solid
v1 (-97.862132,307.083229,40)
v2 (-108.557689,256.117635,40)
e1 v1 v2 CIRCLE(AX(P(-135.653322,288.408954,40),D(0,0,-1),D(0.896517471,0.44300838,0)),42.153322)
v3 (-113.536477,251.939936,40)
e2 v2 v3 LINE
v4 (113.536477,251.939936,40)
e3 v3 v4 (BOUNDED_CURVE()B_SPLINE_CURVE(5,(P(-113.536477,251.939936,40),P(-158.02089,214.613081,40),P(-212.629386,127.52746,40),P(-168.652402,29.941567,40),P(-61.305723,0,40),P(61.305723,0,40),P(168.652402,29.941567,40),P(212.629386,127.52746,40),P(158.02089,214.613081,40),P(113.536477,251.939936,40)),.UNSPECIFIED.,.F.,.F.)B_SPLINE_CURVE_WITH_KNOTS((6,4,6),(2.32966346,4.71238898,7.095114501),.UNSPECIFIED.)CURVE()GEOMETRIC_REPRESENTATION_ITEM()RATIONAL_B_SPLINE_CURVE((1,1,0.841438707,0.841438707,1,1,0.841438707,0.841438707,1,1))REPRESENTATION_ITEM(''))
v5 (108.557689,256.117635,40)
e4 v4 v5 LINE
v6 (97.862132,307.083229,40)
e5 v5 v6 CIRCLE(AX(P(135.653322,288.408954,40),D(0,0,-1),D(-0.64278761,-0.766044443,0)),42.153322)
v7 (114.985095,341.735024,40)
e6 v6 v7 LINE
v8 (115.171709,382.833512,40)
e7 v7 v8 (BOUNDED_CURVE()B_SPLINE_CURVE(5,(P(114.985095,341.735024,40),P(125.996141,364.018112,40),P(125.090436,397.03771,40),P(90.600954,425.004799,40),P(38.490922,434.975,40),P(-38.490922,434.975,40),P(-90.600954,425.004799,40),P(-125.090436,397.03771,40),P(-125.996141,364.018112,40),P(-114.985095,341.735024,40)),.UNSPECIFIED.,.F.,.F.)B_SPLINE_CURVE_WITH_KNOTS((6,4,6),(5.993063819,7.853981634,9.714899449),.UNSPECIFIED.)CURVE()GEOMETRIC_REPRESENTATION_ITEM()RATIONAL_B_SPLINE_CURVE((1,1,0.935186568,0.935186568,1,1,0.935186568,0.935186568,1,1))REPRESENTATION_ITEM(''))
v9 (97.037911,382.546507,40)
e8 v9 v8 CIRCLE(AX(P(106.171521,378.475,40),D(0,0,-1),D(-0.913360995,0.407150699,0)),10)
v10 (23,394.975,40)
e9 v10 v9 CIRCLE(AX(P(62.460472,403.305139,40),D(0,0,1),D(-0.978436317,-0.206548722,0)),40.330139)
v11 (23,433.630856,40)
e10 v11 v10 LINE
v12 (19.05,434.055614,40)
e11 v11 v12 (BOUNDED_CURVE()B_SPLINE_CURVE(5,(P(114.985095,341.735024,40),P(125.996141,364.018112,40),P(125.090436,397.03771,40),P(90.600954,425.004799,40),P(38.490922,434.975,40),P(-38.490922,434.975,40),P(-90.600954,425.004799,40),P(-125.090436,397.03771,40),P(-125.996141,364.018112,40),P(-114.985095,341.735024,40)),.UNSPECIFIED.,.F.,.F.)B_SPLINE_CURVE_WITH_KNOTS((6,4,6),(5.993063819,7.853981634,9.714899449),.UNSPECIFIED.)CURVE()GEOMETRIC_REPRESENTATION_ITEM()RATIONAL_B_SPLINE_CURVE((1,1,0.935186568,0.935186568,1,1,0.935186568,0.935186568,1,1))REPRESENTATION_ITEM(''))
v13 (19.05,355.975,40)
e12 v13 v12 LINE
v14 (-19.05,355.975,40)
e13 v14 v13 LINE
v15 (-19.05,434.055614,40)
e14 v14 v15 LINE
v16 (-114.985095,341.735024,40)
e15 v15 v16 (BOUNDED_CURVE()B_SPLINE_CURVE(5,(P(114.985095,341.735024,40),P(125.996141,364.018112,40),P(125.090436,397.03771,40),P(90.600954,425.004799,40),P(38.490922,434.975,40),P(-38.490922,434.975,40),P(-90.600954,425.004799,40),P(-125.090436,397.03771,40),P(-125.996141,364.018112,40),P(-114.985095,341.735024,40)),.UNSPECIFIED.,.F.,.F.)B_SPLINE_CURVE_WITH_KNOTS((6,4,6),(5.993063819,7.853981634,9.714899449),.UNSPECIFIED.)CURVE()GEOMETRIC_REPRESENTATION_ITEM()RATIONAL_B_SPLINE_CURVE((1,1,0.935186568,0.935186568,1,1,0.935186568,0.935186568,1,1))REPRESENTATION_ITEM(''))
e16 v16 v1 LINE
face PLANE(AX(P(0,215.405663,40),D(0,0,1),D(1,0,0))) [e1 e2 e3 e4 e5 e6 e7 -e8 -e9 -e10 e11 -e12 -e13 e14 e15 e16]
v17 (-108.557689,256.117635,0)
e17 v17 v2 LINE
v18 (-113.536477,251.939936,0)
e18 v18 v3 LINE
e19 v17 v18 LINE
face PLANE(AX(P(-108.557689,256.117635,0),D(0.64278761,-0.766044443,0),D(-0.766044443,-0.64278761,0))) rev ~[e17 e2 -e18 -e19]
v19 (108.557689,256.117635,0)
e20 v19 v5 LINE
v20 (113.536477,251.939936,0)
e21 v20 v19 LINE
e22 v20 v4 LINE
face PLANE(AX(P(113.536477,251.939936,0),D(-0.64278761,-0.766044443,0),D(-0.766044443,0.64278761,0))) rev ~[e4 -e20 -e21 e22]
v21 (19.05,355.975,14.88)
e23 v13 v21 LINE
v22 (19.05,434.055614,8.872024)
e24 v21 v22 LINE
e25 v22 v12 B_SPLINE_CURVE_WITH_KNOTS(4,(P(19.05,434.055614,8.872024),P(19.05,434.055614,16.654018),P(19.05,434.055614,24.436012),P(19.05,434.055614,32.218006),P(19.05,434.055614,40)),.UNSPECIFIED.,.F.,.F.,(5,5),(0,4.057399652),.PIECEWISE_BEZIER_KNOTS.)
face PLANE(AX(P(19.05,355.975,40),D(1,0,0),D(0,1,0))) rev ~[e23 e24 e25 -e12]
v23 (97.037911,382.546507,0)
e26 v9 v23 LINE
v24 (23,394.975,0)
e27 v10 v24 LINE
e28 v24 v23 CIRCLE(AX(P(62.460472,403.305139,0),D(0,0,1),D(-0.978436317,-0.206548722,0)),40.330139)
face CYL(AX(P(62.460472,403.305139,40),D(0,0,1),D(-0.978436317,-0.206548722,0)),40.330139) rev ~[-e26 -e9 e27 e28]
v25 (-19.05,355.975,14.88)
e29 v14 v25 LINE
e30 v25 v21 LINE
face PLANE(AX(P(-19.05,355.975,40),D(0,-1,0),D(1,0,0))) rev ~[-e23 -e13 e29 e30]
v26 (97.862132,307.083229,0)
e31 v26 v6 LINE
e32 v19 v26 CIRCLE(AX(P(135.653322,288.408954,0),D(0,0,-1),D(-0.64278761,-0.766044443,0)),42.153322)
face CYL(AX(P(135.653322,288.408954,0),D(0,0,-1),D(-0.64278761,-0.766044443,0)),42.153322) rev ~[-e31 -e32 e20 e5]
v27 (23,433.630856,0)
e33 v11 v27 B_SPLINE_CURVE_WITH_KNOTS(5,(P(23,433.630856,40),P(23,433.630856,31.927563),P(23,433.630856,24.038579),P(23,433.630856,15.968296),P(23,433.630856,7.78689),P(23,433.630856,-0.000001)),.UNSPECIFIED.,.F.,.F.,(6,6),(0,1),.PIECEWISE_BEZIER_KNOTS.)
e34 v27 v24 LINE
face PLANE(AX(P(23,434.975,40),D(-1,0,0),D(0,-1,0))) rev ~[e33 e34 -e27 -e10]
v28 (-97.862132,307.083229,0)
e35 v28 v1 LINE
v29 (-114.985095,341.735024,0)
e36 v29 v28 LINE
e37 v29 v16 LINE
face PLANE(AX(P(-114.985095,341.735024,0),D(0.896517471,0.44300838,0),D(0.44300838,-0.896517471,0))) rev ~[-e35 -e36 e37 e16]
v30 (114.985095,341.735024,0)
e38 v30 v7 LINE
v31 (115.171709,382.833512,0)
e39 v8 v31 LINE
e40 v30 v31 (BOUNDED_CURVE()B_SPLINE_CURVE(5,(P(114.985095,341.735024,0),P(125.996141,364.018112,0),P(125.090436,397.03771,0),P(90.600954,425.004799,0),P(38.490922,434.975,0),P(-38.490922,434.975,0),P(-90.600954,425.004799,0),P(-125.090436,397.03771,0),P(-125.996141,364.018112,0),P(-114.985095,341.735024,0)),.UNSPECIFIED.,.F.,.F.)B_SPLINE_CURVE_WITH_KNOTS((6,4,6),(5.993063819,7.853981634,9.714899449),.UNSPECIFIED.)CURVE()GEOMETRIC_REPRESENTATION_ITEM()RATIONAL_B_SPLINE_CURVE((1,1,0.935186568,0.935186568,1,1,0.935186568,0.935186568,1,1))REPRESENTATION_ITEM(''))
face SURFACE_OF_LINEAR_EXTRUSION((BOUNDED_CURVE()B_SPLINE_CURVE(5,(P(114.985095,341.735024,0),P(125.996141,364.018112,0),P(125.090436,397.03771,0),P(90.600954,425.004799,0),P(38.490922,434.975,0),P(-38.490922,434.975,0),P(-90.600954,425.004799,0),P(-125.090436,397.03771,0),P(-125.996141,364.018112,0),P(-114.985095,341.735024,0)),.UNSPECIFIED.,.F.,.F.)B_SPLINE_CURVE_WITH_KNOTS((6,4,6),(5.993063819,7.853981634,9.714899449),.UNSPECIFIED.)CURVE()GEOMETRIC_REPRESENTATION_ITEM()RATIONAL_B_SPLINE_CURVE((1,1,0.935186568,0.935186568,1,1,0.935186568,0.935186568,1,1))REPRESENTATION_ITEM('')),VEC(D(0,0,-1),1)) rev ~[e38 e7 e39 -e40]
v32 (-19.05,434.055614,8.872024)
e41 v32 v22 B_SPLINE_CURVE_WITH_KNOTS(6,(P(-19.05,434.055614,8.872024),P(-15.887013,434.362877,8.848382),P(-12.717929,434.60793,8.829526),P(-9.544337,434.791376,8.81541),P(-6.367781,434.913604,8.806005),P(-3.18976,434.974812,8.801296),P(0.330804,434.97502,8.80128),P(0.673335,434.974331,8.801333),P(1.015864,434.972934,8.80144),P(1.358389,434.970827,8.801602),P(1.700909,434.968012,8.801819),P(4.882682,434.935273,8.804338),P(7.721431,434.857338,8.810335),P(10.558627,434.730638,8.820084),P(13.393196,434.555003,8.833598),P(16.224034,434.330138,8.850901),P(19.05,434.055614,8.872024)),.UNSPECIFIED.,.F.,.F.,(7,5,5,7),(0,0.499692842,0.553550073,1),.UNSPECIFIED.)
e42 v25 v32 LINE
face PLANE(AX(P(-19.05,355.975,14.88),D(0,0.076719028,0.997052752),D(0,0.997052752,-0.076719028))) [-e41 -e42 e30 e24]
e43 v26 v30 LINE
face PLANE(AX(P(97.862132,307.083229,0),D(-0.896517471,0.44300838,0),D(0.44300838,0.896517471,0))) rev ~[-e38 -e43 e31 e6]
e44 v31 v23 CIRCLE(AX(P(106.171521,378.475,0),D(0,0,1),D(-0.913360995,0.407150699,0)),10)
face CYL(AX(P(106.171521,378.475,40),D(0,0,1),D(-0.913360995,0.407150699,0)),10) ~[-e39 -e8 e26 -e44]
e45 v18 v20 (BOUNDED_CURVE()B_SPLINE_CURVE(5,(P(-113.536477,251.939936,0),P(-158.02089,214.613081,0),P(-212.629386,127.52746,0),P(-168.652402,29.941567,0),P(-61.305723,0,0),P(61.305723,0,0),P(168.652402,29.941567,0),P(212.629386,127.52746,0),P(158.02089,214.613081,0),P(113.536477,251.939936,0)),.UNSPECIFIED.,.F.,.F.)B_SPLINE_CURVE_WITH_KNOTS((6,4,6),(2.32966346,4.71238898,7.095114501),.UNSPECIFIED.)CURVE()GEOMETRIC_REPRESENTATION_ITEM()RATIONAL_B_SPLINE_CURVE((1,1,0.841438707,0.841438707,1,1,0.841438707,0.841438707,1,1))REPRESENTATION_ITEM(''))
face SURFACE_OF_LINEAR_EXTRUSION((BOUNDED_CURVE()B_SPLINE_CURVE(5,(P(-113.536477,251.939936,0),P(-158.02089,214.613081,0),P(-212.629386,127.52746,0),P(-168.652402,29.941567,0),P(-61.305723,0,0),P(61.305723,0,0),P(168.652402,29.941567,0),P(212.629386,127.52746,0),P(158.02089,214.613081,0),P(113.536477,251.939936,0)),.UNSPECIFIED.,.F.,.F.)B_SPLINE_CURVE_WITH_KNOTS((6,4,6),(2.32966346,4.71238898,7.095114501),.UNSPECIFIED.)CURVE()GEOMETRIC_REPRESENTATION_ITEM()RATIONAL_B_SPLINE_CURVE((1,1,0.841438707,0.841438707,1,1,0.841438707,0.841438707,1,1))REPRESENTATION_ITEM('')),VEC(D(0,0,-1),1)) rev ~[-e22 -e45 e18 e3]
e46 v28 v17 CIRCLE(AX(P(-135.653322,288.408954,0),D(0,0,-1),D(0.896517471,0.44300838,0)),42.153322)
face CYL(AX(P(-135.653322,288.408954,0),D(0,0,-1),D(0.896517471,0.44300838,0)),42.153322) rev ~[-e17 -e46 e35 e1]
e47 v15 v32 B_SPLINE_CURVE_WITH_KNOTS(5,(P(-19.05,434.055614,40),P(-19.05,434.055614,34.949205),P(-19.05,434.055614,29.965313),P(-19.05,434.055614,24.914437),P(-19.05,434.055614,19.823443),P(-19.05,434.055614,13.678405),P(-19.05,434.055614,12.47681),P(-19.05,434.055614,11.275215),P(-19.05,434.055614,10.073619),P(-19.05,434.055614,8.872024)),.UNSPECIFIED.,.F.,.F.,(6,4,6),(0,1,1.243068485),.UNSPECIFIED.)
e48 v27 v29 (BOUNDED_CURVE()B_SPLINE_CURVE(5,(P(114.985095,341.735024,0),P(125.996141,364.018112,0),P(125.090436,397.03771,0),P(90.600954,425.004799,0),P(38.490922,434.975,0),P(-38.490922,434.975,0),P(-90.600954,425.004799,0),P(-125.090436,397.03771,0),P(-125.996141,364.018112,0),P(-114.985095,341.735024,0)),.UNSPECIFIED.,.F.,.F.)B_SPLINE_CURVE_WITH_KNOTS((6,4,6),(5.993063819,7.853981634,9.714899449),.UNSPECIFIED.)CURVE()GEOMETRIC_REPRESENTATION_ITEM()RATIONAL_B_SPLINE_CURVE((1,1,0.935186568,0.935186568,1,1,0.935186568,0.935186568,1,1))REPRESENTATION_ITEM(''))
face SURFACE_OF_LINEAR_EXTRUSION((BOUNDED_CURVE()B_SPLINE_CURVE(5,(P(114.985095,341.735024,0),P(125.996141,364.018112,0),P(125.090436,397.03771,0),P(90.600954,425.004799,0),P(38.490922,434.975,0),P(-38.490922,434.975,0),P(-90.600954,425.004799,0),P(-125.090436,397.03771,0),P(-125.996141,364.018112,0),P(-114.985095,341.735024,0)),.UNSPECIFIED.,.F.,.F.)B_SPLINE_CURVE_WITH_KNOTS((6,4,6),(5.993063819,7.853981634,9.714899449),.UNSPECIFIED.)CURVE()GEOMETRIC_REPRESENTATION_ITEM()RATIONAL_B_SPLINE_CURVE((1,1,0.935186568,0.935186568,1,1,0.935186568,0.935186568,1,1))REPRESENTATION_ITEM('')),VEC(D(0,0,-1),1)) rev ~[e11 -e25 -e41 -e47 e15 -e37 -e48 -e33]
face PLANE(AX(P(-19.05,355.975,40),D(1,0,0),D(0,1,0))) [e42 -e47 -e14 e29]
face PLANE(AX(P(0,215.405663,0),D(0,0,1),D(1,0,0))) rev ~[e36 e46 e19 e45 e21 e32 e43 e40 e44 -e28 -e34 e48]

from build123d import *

# Parameters (mm, degrees)
F1_DEPTH = 40
F3_DEPTH = 40.0010001
F4_W     = 38.1
F4_H     = 158
F6_DEPTH = 25.12
F5_DEPTH = 38.1


with BuildPart() as f1:
    # F0 (on Top) → F1 (new body)
    with BuildSketch(Plane.XY):
        with BuildLine():
            Line((-108.5576890767, 256.1176353494), (-113.5364770265, 251.939936217))
            add(Edge.make_bspline(
                [(-113.5364770265, 251.939936217), (-413.7868011311, 0), (0, 0)],
                knots=[2.3296634603, 2.3296634603, 2.3296634603, 4.7123889804, 4.7123889804, 4.7123889804], degree=2, weights=[1, 0.3703943834, 1]))
            add(Edge.make_bspline(
                [(0, 0), (413.7868011311, 0), (113.5364770265, 251.939936217)],
                knots=[4.7123889804, 4.7123889804, 4.7123889804, 7.0951145005, 7.0951145005, 7.0951145005], degree=2, weights=[1, 0.3703943834, 1]))
            Line((113.5364770265, 251.939936217), (108.5576890767, 256.1176353494))
            ThreePointArc((108.5576890767, 256.1176353494), (94.3986512821, 279.7513155104), (97.8621324213, 307.0832288649))
            Line((97.8621324213, 307.0832288649), (114.985095442, 341.7350237373))
            add(Edge.make_bspline(
                [(114.985095442, 341.7350237373), (161.0590339343, 434.975), (0, 434.975)],
                knots=[5.9930638192, 5.9930638192, 5.9930638192, 7.853981634, 7.853981634, 7.853981634], degree=2, weights=[1, 0.59746605, 1]))
            add(Edge.make_bspline(
                [(0, 434.975), (-161.0590339343, 434.975), (-114.985095442, 341.7350237373)],
                knots=[4.7123889804, 4.7123889804, 4.7123889804, 6.5733067952, 6.5733067952, 6.5733067952], degree=2, weights=[1, 0.59746605, 1]))
            Line((-114.985095442, 341.7350237373), (-97.8621324213, 307.0832288649))
            ThreePointArc((-97.8621324213, 307.0832288649), (-94.3986512821, 279.7513155104), (-108.5576890767, 256.1176353494))
        make_face()
    extrude(amount=F1_DEPTH)

    # F2 (on face) → F3 (cut, through all)
    with BuildSketch(Plane.XY.offset(40)):
        with BuildLine():
            Line((89.9212004113, 434.975), (23, 434.975))
            Line((23, 434.975), (23, 394.975))
            ThreePointArc((23, 394.975), (55.7838066831, 363.5315013935), (97.0379112946, 382.5465069933))
            ThreePointArc((97.0379112946, 382.5465069933), (106.0132702576, 388.4737477528), (115.1717086084, 382.8335120741))
            Line((115.1717086084, 382.8335120741), (89.9212004113, 434.975))
        make_face()
    extrude(amount=-F3_DEPTH, mode=Mode.SUBTRACT)

    # F4 (on face) → F6 (cut)
    with BuildSketch(Plane.XY.offset(40)):
        with Locations((0, 434.975)):
            Rectangle(F4_W, F4_H)
    extrude(amount=-F6_DEPTH, mode=Mode.SUBTRACT)

    # F8 (on face) → F5 (cut)
    with BuildSketch(Plane.YZ.offset(-19.05)):
        Polygon((455.6802752227, 14.88), (355.975, 14.88), (455.6802752227, 7.2080971873), align=None)
    extrude(amount=F5_DEPTH, mode=Mode.SUBTRACT)


solid = f1.part
